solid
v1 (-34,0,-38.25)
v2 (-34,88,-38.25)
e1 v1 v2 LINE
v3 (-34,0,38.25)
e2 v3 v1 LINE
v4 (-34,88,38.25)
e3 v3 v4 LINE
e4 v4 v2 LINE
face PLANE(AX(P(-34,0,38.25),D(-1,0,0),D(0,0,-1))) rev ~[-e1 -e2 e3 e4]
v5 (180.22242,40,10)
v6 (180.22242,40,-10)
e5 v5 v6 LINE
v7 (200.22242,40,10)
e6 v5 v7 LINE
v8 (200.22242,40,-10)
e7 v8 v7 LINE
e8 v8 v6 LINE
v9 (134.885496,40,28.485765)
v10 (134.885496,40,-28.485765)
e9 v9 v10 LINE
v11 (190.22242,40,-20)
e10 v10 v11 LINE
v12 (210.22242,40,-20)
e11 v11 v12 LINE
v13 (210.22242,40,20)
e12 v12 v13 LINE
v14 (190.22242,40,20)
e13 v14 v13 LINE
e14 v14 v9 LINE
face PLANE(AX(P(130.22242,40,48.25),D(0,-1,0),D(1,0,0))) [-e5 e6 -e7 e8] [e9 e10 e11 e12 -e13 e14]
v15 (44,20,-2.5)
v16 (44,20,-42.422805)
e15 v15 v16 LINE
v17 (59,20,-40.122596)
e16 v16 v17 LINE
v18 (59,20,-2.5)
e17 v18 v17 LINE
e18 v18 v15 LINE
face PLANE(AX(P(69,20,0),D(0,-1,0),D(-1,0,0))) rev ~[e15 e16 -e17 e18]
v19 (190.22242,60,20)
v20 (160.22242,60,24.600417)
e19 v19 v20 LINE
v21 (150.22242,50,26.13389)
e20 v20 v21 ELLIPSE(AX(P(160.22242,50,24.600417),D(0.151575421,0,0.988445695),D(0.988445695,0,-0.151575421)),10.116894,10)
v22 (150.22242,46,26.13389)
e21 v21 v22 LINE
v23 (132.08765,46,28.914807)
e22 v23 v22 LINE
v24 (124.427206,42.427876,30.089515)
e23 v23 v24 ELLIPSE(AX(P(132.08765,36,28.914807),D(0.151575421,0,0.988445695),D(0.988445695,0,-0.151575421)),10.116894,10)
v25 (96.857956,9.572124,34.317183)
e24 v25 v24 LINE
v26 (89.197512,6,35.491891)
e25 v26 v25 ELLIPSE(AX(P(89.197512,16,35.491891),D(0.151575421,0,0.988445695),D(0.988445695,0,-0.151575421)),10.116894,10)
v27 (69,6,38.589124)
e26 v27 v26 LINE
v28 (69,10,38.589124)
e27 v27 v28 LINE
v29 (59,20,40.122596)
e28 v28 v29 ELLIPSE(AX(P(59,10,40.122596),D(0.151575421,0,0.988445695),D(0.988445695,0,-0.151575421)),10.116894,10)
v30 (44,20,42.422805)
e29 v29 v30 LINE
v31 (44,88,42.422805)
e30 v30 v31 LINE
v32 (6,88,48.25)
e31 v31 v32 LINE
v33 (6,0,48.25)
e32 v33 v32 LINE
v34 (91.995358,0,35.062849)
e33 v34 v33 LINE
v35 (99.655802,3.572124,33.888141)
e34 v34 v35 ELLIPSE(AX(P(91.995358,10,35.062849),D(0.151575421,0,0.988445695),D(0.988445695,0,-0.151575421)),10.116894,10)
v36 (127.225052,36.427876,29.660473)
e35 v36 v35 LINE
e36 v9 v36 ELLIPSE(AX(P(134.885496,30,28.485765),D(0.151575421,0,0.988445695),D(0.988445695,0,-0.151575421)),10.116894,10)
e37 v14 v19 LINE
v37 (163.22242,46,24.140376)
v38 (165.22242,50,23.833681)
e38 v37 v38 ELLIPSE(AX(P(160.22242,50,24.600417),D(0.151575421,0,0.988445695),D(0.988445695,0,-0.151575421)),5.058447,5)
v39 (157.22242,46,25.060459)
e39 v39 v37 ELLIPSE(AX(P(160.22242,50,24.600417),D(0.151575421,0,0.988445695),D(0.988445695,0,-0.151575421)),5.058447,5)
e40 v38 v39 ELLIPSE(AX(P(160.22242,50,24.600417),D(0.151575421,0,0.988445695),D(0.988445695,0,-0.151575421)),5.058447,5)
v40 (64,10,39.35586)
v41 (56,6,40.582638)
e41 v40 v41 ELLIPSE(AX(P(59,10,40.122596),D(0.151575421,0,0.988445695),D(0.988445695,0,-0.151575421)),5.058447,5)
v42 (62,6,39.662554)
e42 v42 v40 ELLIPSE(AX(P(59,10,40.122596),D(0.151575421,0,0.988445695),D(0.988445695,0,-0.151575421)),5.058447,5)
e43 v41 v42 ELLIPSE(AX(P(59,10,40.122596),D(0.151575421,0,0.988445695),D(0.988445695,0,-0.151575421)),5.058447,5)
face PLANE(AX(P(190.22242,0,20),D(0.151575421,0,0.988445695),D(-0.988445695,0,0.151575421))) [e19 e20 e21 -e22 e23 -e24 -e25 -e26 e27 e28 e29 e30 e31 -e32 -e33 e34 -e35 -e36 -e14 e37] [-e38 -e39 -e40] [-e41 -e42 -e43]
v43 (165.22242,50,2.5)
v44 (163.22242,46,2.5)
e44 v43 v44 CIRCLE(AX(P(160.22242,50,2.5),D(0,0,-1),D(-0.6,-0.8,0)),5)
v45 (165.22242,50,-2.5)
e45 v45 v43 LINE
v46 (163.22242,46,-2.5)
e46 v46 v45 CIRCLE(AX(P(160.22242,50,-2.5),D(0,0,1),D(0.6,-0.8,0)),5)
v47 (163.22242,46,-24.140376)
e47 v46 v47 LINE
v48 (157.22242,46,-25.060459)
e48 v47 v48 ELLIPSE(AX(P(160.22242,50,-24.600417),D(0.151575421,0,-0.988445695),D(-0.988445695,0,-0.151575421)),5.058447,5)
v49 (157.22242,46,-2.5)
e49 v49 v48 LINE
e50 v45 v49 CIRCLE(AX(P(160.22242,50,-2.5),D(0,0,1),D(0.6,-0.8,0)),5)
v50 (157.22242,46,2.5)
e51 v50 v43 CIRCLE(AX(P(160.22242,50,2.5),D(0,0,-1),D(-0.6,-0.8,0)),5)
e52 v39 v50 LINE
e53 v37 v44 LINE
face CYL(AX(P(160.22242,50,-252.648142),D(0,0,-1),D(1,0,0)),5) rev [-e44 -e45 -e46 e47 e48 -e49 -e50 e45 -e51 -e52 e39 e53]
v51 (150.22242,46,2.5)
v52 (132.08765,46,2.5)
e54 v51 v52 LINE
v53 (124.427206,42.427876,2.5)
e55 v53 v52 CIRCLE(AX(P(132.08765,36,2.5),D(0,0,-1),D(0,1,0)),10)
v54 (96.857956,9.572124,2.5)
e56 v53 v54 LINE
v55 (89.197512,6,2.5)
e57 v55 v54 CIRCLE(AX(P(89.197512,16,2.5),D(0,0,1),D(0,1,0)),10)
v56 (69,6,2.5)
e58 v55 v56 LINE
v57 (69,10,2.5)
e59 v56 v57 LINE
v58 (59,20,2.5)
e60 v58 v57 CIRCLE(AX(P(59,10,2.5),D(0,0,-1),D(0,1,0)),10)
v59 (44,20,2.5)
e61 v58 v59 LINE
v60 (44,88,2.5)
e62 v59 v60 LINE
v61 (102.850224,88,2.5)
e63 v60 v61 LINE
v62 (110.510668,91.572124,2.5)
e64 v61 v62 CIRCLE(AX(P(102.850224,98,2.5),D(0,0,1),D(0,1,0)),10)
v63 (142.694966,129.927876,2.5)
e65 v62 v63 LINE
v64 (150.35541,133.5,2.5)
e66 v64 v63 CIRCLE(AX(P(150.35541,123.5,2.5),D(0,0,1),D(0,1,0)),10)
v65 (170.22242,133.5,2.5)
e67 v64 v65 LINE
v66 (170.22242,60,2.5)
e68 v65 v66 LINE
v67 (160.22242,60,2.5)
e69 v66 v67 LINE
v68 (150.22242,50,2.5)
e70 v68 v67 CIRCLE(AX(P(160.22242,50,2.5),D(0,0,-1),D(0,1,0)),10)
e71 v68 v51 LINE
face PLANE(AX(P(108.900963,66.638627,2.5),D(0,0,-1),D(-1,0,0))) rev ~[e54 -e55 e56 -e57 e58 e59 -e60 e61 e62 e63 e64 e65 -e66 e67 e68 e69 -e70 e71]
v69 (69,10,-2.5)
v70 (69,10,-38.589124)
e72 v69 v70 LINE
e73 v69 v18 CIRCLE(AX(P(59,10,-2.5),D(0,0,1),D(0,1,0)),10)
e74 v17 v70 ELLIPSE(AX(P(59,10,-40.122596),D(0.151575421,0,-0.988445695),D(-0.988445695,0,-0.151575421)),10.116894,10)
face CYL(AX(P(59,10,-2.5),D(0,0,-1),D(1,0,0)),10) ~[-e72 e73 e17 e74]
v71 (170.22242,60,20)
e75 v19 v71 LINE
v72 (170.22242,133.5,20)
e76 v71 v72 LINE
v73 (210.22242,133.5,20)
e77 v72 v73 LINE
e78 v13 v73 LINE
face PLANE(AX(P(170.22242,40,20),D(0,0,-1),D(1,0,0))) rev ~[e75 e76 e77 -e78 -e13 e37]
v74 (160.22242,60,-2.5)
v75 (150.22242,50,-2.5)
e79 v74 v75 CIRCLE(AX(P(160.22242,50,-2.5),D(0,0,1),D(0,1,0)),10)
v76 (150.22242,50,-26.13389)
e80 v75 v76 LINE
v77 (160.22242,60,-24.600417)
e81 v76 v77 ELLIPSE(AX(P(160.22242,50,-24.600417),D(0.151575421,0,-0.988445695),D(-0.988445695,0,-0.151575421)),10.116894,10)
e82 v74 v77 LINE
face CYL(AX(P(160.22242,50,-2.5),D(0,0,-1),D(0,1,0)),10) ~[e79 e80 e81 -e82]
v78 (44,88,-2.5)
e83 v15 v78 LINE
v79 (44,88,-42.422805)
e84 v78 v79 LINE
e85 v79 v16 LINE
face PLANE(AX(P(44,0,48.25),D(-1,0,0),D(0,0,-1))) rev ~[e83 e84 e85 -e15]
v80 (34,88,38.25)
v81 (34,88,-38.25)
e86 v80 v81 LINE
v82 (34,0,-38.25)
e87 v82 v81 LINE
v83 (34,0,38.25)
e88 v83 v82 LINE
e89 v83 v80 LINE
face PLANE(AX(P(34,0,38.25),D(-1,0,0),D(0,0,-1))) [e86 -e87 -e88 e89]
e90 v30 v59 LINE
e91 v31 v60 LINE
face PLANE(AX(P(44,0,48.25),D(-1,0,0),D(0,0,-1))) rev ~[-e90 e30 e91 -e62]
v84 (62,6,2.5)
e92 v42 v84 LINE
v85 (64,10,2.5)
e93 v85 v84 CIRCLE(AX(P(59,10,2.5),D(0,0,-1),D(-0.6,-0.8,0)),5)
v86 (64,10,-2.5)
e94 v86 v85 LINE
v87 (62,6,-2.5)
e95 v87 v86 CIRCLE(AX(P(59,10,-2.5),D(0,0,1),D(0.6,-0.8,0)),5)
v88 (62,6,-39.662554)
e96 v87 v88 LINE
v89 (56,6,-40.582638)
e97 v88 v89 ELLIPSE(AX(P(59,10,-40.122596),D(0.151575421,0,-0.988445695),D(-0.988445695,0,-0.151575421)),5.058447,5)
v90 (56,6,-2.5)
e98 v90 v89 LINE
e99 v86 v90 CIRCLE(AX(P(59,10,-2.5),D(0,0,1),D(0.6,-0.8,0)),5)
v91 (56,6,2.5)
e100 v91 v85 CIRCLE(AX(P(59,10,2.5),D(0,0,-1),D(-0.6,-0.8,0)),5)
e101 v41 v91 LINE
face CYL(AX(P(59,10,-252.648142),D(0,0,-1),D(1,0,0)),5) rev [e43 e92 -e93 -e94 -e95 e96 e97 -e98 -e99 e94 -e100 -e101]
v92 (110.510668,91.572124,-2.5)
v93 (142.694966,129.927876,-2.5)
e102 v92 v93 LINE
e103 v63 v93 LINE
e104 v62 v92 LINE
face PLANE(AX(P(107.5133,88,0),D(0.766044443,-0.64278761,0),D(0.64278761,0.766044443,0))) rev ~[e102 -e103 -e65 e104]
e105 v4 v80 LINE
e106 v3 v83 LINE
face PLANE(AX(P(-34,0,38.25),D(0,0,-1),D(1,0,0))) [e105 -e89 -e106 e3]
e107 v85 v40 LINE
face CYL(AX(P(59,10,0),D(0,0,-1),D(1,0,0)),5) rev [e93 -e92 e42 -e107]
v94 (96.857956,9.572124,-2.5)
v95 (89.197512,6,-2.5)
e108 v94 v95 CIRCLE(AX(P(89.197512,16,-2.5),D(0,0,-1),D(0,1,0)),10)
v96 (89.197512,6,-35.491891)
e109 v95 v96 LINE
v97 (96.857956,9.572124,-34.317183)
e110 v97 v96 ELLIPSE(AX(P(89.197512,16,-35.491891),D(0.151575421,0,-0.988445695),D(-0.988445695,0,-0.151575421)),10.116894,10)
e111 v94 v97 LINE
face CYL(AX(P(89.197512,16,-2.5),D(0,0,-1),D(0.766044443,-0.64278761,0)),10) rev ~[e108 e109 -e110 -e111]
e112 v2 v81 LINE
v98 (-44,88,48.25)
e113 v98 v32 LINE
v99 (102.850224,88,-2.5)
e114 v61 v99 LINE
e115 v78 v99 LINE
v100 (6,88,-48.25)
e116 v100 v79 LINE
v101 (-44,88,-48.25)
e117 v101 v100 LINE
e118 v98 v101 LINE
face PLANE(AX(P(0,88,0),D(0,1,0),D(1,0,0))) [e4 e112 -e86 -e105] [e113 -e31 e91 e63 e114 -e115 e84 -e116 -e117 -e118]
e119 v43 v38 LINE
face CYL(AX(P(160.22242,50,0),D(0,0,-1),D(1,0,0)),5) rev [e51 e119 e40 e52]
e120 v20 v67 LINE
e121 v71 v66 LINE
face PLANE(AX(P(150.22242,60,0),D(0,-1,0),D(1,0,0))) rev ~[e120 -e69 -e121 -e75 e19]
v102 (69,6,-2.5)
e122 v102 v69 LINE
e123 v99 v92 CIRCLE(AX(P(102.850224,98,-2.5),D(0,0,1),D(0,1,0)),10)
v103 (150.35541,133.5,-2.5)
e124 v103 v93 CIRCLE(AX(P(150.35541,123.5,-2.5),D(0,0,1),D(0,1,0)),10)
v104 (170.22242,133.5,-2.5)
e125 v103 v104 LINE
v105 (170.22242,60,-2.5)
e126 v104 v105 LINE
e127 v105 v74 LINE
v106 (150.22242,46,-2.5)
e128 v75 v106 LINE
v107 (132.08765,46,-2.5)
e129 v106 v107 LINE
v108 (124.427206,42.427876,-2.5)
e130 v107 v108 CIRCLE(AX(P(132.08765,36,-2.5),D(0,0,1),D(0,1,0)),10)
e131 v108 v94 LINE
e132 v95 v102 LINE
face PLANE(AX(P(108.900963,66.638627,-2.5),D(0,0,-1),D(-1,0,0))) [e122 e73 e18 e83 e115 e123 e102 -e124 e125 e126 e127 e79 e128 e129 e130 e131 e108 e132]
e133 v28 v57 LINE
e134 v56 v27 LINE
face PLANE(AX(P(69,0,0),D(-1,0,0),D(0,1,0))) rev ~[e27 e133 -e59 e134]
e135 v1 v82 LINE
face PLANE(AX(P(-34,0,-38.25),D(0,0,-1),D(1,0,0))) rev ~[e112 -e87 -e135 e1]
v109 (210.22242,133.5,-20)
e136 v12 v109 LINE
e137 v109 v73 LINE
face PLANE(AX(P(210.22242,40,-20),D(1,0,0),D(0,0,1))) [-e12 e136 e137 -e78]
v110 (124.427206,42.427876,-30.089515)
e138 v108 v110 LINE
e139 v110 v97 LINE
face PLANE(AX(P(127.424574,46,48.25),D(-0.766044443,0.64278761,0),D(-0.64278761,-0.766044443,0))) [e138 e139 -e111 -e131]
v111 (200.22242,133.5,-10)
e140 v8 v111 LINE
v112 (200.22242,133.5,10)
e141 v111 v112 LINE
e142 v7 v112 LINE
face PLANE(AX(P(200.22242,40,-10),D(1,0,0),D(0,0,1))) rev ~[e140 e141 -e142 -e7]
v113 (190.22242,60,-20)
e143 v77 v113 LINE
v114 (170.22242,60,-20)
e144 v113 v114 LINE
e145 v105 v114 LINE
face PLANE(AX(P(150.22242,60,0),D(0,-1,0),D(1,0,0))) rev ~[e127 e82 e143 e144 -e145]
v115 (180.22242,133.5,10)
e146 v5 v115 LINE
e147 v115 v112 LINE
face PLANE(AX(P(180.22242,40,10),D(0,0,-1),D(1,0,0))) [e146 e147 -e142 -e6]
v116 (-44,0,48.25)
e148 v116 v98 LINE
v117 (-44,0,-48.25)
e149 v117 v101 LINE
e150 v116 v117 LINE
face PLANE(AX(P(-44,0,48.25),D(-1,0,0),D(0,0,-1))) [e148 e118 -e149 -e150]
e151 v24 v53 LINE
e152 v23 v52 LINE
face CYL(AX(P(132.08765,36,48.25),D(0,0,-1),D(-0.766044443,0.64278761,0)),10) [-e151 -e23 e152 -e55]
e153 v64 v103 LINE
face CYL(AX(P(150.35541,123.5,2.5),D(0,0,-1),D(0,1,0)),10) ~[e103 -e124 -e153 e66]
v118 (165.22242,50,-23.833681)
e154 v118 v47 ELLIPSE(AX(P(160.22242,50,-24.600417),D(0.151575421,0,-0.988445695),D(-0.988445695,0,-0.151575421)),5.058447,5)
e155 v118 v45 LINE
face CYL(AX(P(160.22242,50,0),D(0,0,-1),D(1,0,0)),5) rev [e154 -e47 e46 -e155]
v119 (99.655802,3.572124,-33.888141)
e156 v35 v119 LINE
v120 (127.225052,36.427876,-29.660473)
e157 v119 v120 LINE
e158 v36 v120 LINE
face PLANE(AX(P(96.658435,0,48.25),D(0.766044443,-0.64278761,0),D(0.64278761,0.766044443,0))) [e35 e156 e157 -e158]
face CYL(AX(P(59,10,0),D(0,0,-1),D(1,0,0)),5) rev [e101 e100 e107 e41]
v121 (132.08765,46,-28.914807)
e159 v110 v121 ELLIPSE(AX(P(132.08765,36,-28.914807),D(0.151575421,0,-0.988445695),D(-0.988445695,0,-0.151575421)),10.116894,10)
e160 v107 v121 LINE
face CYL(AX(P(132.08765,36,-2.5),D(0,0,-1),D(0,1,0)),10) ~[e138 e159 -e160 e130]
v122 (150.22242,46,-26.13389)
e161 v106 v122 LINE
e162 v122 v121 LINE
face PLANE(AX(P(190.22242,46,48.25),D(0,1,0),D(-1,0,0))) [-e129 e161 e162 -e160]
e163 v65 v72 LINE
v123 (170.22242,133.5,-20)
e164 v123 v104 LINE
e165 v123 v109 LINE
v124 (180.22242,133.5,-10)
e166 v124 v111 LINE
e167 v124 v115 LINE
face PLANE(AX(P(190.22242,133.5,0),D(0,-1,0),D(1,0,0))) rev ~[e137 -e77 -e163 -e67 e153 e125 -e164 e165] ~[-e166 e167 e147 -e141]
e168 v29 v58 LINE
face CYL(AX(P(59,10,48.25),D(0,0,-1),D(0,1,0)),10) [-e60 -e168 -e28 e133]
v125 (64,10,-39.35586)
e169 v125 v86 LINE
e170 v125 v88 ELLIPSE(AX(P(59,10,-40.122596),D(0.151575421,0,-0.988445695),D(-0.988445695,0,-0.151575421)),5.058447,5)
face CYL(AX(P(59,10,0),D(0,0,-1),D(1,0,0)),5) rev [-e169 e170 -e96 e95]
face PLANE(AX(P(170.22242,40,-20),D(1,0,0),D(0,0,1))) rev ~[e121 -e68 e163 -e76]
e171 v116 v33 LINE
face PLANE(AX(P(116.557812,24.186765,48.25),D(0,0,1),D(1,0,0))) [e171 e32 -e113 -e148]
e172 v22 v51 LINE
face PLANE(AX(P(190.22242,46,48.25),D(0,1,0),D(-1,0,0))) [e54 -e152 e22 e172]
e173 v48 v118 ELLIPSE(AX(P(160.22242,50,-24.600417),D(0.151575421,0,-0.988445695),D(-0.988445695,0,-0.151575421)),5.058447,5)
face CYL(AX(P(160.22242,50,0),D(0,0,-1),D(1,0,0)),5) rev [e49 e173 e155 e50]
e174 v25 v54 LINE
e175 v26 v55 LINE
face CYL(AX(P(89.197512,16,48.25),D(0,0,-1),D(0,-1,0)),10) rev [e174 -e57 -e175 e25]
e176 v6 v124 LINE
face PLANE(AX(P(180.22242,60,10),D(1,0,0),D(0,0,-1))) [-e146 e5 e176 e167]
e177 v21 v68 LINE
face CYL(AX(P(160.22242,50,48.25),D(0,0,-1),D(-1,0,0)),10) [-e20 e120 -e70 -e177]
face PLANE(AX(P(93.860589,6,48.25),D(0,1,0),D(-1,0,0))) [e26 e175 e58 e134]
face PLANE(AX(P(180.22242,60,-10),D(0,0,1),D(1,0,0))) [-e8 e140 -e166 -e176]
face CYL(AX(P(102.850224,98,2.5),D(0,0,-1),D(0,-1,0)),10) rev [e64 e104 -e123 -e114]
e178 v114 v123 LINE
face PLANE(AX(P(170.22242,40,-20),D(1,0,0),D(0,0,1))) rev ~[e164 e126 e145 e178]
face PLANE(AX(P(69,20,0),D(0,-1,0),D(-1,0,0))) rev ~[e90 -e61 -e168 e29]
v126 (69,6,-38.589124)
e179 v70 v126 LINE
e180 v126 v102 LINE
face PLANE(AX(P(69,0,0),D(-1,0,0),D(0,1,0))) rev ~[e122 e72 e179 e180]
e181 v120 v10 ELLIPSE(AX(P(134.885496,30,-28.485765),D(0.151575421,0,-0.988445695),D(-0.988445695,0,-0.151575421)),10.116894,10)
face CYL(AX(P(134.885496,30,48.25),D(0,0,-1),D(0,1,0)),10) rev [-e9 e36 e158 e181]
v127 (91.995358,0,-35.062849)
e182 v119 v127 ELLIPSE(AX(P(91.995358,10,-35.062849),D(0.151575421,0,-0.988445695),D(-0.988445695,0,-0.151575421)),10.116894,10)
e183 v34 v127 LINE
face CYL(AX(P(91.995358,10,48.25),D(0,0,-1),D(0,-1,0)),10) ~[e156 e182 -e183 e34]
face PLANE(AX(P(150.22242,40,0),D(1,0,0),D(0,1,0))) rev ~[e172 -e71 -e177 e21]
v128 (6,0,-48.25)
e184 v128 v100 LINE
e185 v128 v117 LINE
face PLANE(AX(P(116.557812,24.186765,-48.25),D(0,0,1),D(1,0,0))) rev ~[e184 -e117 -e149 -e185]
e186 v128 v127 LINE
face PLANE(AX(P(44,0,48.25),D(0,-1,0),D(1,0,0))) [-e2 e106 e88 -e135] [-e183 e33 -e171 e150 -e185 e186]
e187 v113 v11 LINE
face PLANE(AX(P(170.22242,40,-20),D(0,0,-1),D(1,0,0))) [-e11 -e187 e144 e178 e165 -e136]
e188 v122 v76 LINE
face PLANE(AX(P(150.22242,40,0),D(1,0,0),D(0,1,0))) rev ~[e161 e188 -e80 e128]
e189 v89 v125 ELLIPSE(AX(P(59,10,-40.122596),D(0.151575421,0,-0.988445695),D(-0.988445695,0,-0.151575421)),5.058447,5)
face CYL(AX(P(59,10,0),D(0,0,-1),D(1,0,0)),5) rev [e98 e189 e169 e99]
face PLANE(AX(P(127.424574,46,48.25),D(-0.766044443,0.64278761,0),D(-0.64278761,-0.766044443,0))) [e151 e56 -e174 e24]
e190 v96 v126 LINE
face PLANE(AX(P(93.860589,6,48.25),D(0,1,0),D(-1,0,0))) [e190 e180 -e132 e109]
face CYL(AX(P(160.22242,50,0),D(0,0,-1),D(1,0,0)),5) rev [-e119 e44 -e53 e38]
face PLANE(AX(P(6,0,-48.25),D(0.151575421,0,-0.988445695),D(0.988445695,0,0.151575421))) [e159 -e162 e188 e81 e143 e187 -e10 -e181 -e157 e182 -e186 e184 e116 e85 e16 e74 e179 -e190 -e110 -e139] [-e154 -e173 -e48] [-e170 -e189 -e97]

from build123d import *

# Parameters (mm, degrees)
ESQUISSE1_W                   = 88
ESQUISSE1_H                   = 96.5
ESQUISSE1_W_2                 = 68
ESQUISSE1_H_2                 = 76.5
BOSS_EXTRU_3_DEPTH            = 88
BOSS_EXTRU_4_DEPTH            = 96.5
ESQUISSE7_W                   = 40
ESQUISSE7_H                   = 40
ESQUISSE7_W_2                 = 20
ESQUISSE7_H_2                 = 20
BOSS_EXTRU_11_DEPTH           = 93.5
ENL_V_MAT_EXTRU_9_REACH       = 234.761
ESQUISSE13_W                  = 10
ESQUISSE13_H                  = 20
BOSS_EXTRU_12_DEPTH           = 2.5
ESQUISSE17_R                  = 5
ESQUISSE17_W                  = 40
ESQUISSE17_H                  = 20
BOSS_EXTRU_13_DEPTH           = 48.25
ENL_V_MAT_EXTRU_12_DEPTH      = 255.148142389
ENL_V_MAT_EXTRU_12_DEPTH_BACK = 255.148142389
ESQUISSE18_R                  = 5
ENL_V_MAT_EXTRU_13_REACH      = 229.868
ESQUISSE19_W                  = 10
ESQUISSE19_H                  = 20
CONG_1_R                      = 10
ENL_V_MAT_EXTRU_15_DEPTH      = 88


with BuildPart() as part:
    # Esquisse1 → Boss.-Extru.3 (new body)
    with BuildSketch(Plane(origin=(0, 0, 0), x_dir=(1, 0, 0), z_dir=(0, 1, 0))):
        Rectangle(ESQUISSE1_W, ESQUISSE1_H)
        Rectangle(ESQUISSE1_W_2, ESQUISSE1_H_2, mode=Mode.SUBTRACT)
    extrude(amount=BOSS_EXTRU_3_DEPTH)

    # Esquisse3 → Boss.-Extru.4 (add)
    with BuildSketch(Plane.XY.offset(48.25)):
        Polygon((44, 6), (44, 0), (96.658434537, 0), (130.222419784, 40), (190.222419784, 40), (190.222419784, 46), (127.424573836, 46), (93.860588588, 6), align=None)
    extrude(amount=-BOSS_EXTRU_4_DEPTH)

    # Esquisse7 → Boss.-Extru.11 (add)
    with BuildSketch(Plane.XZ.offset(-40)):
        with Locations((190.222419784, 0)):
            Rectangle(ESQUISSE7_W, ESQUISSE7_H)
        with Locations((190.222419784, 0)):
            Rectangle(ESQUISSE7_W_2, ESQUISSE7_H_2, mode=Mode.SUBTRACT)
    extrude(amount=-BOSS_EXTRU_11_DEPTH)

    # Esquisse13 → Enlèv. mat.-Extru.9 (cut, up to next)
    with BuildSketch(Plane(origin=(0, 46, 0), x_dir=(1, 0, 0), z_dir=(0, 1, 0)), mode=Mode.PRIVATE) as enl_v_mat_extru_9_sk1:
        with Locations((185.222419784, 0)):
            Rectangle(ESQUISSE13_W, ESQUISSE13_H)
    enl_v_mat_extru_9_tool1 = extrude(enl_v_mat_extru_9_sk1.sketch, amount=-ENL_V_MAT_EXTRU_9_REACH, mode=Mode.PRIVATE) & part.part
    add(enl_v_mat_extru_9_tool1.solids().sort_by_distance((185.22242, 46, 0))[0], mode=Mode.SUBTRACT)

    # Esquisse14 → Boss.-Extru.12 (add, symmetric)
    with BuildSketch(Plane.XY):
        Polygon((44, 88), (107.513300371, 88), (145.692333589, 133.5), (170.222419784, 133.5), (170.222419784, 46), (127.424573836, 46), (93.860588588, 6), (44, 6), align=None)
    extrude(amount=BOSS_EXTRU_12_DEPTH, both=True)

    # Esquisse17 → Boss.-Extru.13 (add, symmetric)
    # profile 1 of 2: a face of its own
    with BuildSketch(Plane.XY):
        Polygon((44, 20), (44, 0), (69, 0), (69, 6), (69, 20), align=None)
        with Locations((59, 10)):
            Circle(ESQUISSE17_R, mode=Mode.SUBTRACT)
    # profile 2 of 2: a face of its own
    with BuildSketch(Plane.XY):
        with Locations((170.222419784, 50)):
            Rectangle(ESQUISSE17_W, ESQUISSE17_H)
        with Locations((160.222419784, 50)):
            Circle(ESQUISSE17_R, mode=Mode.SUBTRACT)
    extrude(amount=BOSS_EXTRU_13_DEPTH, both=True)

    # Esquisse18 → Enlèv. mat.-Extru.12 (cut, two sides: drawn at the far end of the back side and taken through both)
    with BuildSketch(Plane.XY.offset(2.5).offset(-ENL_V_MAT_EXTRU_12_DEPTH_BACK)):
        with Locations((160.222419784, 50)):
            Circle(ESQUISSE18_R)
        with Locations((59, 10)):
            Circle(ESQUISSE18_R)
    extrude(amount=ENL_V_MAT_EXTRU_12_DEPTH + ENL_V_MAT_EXTRU_12_DEPTH_BACK, mode=Mode.SUBTRACT)

    # Esquisse19 → Enlèv. mat.-Extru.13 (cut, up to next)
    with BuildSketch(Plane(origin=(0, 60, 0), x_dir=(1, 0, 0), z_dir=(0, 1, 0)), mode=Mode.PRIVATE) as enl_v_mat_extru_13_sk1:
        with Locations((185.222419784, 0)):
            Rectangle(ESQUISSE19_W, ESQUISSE19_H)
    enl_v_mat_extru_13_tool1 = extrude(enl_v_mat_extru_13_sk1.sketch, amount=-ENL_V_MAT_EXTRU_13_REACH, mode=Mode.PRIVATE) & part.part
    add(enl_v_mat_extru_13_tool1.solids().sort_by_distance((185.22242, 60, 0))[0], mode=Mode.SUBTRACT)

    # Congé1
    cong_1_edges = [part.edges().sort_by_distance(p)[0] for p in [
        (93.860588588, 6, 25.375),
        (127.424573836, 46, 25.375),
        (145.692333589, 133.5, 0),
        (107.513300371, 88, 0),
        (69, 20, -25.375),
        (69, 20, 25.375),
        (150.222419784, 60, 25.375),
        (150.222419784, 60, -25.375),
        (127.424573836, 46, -25.375),
        (93.860588588, 6, -25.375),
        (96.658434537, 0, 0),
        (130.222419784, 40, 0),
    ]]
    fillet(cong_1_edges, radius=CONG_1_R)

    # Esquisse20 → Enlèv. mat.-Extru.15 (cut)
    with BuildSketch(Plane(origin=(0, 0, 0), x_dir=(1, 0, 0), z_dir=(0, 1, 0))):
        Polygon((6, 48.25), (190.222419784, 20), (210.222419784, 20), (210.222419784, 48.25), align=None)
        Polygon((210.222419784, -20), (190.222419784, -20), (6, -48.25), (210.222419784, -48.25), align=None)
    extrude(amount=ENL_V_MAT_EXTRU_15_DEPTH, mode=Mode.SUBTRACT)


solid = part.part
